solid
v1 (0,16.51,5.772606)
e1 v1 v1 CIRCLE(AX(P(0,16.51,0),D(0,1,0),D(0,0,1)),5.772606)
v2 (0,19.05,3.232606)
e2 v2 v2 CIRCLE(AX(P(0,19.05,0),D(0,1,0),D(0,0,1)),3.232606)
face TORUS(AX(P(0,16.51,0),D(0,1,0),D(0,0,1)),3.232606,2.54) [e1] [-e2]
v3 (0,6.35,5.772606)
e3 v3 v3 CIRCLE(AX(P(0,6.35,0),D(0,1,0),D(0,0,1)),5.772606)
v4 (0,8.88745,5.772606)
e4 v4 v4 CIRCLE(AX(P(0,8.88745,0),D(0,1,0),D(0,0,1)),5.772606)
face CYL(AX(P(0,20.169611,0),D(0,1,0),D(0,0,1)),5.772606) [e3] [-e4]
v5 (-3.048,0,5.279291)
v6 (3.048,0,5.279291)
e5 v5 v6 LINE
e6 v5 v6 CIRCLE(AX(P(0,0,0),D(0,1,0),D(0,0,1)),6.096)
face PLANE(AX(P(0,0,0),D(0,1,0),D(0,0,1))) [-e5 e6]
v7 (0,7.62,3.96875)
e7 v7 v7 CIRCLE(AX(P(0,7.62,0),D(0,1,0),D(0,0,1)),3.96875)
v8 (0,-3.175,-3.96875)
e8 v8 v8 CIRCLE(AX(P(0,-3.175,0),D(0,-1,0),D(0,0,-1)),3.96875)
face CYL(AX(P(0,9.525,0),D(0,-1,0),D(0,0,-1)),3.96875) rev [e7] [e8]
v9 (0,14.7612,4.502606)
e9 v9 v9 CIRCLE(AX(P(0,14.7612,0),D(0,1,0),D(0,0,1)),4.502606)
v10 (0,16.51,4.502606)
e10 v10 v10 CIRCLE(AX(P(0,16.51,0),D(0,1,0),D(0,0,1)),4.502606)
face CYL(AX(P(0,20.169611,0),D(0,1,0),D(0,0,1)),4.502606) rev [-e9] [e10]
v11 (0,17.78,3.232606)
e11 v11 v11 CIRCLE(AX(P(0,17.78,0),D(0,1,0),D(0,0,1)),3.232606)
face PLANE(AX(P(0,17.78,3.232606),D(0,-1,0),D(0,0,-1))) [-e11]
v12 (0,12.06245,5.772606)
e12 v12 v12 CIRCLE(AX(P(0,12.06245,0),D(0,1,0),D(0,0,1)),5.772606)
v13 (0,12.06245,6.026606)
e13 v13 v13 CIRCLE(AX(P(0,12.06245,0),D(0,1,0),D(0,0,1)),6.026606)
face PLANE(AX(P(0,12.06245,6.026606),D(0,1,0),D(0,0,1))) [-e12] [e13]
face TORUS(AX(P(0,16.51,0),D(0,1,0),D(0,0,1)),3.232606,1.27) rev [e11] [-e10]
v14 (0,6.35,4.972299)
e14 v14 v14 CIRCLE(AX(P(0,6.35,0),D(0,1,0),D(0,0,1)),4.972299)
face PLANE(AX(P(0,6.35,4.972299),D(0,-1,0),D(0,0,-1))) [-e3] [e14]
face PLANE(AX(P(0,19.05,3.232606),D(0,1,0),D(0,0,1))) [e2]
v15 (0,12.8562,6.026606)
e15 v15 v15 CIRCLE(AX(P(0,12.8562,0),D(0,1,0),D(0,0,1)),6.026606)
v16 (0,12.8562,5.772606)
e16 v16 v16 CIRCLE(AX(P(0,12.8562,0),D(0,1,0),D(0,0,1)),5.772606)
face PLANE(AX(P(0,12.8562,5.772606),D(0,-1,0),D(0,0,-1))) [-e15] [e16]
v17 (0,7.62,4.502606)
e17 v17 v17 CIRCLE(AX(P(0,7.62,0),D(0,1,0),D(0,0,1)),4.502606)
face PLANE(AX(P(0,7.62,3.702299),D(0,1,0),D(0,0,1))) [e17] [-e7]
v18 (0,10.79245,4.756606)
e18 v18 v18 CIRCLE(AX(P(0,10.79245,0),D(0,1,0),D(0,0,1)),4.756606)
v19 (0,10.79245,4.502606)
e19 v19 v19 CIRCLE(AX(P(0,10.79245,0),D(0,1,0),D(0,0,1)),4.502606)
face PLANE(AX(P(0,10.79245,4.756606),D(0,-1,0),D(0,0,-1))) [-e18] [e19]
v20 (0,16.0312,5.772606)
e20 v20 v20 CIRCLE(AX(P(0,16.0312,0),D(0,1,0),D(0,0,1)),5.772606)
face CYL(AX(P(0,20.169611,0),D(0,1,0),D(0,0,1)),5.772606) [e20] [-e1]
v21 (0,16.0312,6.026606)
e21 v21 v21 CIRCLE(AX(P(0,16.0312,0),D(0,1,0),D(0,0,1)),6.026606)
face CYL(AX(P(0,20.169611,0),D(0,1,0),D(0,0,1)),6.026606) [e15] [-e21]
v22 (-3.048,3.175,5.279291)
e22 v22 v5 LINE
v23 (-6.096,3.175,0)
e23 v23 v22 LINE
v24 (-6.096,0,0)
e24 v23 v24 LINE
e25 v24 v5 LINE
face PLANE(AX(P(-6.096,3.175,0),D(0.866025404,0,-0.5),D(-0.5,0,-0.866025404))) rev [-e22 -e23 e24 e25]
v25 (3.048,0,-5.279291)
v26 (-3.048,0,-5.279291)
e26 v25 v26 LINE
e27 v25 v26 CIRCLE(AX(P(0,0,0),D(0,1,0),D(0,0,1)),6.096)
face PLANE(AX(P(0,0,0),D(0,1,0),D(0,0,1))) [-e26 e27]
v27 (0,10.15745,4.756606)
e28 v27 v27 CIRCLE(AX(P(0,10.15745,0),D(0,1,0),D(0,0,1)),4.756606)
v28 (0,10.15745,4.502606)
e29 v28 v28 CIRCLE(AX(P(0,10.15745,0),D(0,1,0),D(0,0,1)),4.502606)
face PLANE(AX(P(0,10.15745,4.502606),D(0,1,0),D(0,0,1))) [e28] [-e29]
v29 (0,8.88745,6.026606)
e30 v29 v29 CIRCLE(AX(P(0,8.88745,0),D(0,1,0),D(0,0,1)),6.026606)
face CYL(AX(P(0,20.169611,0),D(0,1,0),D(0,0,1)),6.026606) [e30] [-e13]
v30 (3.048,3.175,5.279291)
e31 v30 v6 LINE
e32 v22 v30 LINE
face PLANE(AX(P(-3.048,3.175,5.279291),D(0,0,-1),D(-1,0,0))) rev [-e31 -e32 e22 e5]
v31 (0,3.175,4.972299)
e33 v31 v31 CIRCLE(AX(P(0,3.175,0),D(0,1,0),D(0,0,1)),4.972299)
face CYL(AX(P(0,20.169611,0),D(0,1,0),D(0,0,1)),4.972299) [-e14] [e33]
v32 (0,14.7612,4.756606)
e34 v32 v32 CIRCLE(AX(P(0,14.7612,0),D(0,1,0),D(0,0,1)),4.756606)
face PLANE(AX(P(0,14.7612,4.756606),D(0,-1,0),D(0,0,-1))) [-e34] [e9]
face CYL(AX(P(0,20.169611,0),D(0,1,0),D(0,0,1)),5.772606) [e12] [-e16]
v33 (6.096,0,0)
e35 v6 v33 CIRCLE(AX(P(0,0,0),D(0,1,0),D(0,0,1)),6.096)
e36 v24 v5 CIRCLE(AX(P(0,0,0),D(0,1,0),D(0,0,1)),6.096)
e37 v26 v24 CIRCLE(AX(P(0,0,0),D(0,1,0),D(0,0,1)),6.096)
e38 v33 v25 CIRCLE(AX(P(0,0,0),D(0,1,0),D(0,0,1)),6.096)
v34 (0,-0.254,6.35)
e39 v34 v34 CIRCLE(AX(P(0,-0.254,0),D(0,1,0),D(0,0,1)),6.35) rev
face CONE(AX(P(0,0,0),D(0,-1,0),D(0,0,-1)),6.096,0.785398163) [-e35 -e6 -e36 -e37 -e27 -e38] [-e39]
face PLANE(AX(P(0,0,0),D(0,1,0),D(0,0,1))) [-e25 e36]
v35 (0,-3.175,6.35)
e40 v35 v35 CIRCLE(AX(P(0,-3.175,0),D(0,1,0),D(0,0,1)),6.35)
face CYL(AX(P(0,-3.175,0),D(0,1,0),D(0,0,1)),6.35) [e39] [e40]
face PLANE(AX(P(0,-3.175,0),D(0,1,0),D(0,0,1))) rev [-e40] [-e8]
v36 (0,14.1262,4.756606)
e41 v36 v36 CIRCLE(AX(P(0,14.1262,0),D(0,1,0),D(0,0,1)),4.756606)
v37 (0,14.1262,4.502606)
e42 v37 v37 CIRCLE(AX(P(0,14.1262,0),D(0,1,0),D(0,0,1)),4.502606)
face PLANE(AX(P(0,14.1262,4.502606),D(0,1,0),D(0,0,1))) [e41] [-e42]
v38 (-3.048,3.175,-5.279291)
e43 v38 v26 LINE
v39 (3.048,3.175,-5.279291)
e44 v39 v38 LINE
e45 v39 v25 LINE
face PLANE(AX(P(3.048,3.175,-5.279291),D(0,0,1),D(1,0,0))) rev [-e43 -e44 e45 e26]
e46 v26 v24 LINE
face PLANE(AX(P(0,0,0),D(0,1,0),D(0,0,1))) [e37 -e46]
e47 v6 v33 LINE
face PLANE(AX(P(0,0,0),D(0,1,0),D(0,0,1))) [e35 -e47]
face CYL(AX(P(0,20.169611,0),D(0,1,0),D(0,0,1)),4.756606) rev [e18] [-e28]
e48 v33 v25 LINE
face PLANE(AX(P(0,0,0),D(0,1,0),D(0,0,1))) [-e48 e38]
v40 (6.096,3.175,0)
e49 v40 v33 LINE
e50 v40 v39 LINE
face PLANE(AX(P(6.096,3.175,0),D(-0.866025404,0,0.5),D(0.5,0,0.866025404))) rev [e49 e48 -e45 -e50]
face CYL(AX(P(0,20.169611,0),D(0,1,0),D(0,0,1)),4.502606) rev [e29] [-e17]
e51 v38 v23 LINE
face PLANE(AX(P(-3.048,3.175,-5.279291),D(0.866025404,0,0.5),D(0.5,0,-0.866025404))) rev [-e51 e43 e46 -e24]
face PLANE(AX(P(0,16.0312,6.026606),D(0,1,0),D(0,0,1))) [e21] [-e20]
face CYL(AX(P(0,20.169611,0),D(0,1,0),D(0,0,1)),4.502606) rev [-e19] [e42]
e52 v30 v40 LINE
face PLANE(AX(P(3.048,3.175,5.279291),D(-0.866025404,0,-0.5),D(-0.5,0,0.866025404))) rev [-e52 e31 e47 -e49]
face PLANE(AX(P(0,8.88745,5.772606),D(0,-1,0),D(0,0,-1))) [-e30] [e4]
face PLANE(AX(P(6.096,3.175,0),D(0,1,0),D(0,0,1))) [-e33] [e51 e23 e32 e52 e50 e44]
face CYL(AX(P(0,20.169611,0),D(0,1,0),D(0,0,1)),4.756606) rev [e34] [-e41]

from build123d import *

# Parameters (mm, degrees)
SKETCH1_R      = 6.35
EXTRUDE1_DEPTH = 3.175
CHAMFER1_SIZE  = 0.254
EXTRUDE2_DEPTH = 3.175
SKETCH5_R      = 3.96875
EXTRUDE4_DEPTH = 12.7


with BuildPart() as part:
    # Sketch1 → Extrude1 (new body)
    with BuildSketch(Plane(origin=(0, 0, 0), x_dir=(1, 0, 0), z_dir=(0, 1, 0))):
        Circle(SKETCH1_R)
    extrude(amount=-EXTRUDE1_DEPTH)

    # Chamfer1
    chamfer1_edges = [part.edges().sort_by_distance(p)[0] for p in [
        (-6.35, 0, 0),
    ]]
    chamfer(chamfer1_edges, length=CHAMFER1_SIZE)

    # Sketch2 → Extrude2 (add)
    with BuildSketch(Plane(origin=(0, 0, 0), x_dir=(-1, 0, 0), z_dir=(0, 1, 0))):
        Polygon((-6.096, 0), (-3.048, -5.279290861), (3.048, -5.279290861), (6.096, 0), (3.048, 5.279290861), (-3.048, 5.279290861), align=None)
    extrude(amount=EXTRUDE2_DEPTH)

    # Sketch4 → Revolve1 (revolve)
    with BuildSketch(Plane(origin=(0, 0, 0), x_dir=(0, 0, -1), z_dir=(1, 0, 0))):
        with BuildLine():
            Line((-4.97229944, 3.175), (-4.97229944, 6.35))
            Line((-4.97229944, 6.35), (-5.772606153, 6.35))
            Line((-5.772606153, 6.35), (-5.772606153, 8.887450179))
            Line((-5.772606153, 8.887450179), (-6.026606153, 8.887450179))
            Line((-6.026606153, 8.887450179), (-6.026606153, 12.062450179))
            Line((-6.026606153, 12.062450179), (-5.772606153, 12.062450179))
            Line((-5.772606153, 12.062450179), (-5.772606153, 12.856200179))
            Line((-5.772606153, 12.856200179), (-6.026606153, 12.856200179))
            Line((-6.026606153, 12.856200179), (-6.026606153, 16.031200179))
            Line((-6.026606153, 16.031200179), (-5.772606153, 16.031200179))
            Line((-5.772606153, 16.031200179), (-5.772606153, 16.51))
            ThreePointArc((-5.772606153, 16.51), (-5.028657378, 18.306051224), (-3.232606153, 19.05))
            Line((-3.232606153, 19.05), (0, 19.05))
            Line((0, 19.05), (0, 17.78))
            Line((0, 17.78), (-3.232606153, 17.78))
            ThreePointArc((-3.232606153, 17.78), (-4.130631766, 17.408025612), (-4.502606153, 16.51))
            Line((-4.502606153, 16.51), (-4.502606153, 14.761200179))
            Line((-4.502606153, 14.761200179), (-4.756606153, 14.761200179))
            Line((-4.756606153, 14.761200179), (-4.756606153, 14.126200179))
            Line((-4.756606153, 14.126200179), (-4.502606153, 14.126200179))
            Line((-4.502606153, 14.126200179), (-4.502606153, 10.792450179))
            Line((-4.502606153, 10.792450179), (-4.756606153, 10.792450179))
            Line((-4.756606153, 10.792450179), (-4.756606153, 10.157450179))
            Line((-4.756606153, 10.157450179), (-4.502606153, 10.157450179))
            Line((-4.502606153, 10.157450179), (-4.502606153, 7.62))
            Line((-4.502606153, 7.62), (-3.70229944, 7.62))
            Line((-3.70229944, 7.62), (-3.70229944, 4.445))
            Line((-3.70229944, 4.445), (0, 4.445))
            Line((0, 4.445), (0, 3.175))
            Line((0, 3.175), (-4.97229944, 3.175))
        make_face()
    revolve(axis=Axis((0, 20.169611013, 0), (0, -1, 0)))

    # Sketch5 → Extrude4 (cut)
    with BuildSketch(Plane.XZ.offset(3.175)):
        Circle(SKETCH5_R)
    extrude(amount=-EXTRUDE4_DEPTH, mode=Mode.SUBTRACT)


solid = part.part
